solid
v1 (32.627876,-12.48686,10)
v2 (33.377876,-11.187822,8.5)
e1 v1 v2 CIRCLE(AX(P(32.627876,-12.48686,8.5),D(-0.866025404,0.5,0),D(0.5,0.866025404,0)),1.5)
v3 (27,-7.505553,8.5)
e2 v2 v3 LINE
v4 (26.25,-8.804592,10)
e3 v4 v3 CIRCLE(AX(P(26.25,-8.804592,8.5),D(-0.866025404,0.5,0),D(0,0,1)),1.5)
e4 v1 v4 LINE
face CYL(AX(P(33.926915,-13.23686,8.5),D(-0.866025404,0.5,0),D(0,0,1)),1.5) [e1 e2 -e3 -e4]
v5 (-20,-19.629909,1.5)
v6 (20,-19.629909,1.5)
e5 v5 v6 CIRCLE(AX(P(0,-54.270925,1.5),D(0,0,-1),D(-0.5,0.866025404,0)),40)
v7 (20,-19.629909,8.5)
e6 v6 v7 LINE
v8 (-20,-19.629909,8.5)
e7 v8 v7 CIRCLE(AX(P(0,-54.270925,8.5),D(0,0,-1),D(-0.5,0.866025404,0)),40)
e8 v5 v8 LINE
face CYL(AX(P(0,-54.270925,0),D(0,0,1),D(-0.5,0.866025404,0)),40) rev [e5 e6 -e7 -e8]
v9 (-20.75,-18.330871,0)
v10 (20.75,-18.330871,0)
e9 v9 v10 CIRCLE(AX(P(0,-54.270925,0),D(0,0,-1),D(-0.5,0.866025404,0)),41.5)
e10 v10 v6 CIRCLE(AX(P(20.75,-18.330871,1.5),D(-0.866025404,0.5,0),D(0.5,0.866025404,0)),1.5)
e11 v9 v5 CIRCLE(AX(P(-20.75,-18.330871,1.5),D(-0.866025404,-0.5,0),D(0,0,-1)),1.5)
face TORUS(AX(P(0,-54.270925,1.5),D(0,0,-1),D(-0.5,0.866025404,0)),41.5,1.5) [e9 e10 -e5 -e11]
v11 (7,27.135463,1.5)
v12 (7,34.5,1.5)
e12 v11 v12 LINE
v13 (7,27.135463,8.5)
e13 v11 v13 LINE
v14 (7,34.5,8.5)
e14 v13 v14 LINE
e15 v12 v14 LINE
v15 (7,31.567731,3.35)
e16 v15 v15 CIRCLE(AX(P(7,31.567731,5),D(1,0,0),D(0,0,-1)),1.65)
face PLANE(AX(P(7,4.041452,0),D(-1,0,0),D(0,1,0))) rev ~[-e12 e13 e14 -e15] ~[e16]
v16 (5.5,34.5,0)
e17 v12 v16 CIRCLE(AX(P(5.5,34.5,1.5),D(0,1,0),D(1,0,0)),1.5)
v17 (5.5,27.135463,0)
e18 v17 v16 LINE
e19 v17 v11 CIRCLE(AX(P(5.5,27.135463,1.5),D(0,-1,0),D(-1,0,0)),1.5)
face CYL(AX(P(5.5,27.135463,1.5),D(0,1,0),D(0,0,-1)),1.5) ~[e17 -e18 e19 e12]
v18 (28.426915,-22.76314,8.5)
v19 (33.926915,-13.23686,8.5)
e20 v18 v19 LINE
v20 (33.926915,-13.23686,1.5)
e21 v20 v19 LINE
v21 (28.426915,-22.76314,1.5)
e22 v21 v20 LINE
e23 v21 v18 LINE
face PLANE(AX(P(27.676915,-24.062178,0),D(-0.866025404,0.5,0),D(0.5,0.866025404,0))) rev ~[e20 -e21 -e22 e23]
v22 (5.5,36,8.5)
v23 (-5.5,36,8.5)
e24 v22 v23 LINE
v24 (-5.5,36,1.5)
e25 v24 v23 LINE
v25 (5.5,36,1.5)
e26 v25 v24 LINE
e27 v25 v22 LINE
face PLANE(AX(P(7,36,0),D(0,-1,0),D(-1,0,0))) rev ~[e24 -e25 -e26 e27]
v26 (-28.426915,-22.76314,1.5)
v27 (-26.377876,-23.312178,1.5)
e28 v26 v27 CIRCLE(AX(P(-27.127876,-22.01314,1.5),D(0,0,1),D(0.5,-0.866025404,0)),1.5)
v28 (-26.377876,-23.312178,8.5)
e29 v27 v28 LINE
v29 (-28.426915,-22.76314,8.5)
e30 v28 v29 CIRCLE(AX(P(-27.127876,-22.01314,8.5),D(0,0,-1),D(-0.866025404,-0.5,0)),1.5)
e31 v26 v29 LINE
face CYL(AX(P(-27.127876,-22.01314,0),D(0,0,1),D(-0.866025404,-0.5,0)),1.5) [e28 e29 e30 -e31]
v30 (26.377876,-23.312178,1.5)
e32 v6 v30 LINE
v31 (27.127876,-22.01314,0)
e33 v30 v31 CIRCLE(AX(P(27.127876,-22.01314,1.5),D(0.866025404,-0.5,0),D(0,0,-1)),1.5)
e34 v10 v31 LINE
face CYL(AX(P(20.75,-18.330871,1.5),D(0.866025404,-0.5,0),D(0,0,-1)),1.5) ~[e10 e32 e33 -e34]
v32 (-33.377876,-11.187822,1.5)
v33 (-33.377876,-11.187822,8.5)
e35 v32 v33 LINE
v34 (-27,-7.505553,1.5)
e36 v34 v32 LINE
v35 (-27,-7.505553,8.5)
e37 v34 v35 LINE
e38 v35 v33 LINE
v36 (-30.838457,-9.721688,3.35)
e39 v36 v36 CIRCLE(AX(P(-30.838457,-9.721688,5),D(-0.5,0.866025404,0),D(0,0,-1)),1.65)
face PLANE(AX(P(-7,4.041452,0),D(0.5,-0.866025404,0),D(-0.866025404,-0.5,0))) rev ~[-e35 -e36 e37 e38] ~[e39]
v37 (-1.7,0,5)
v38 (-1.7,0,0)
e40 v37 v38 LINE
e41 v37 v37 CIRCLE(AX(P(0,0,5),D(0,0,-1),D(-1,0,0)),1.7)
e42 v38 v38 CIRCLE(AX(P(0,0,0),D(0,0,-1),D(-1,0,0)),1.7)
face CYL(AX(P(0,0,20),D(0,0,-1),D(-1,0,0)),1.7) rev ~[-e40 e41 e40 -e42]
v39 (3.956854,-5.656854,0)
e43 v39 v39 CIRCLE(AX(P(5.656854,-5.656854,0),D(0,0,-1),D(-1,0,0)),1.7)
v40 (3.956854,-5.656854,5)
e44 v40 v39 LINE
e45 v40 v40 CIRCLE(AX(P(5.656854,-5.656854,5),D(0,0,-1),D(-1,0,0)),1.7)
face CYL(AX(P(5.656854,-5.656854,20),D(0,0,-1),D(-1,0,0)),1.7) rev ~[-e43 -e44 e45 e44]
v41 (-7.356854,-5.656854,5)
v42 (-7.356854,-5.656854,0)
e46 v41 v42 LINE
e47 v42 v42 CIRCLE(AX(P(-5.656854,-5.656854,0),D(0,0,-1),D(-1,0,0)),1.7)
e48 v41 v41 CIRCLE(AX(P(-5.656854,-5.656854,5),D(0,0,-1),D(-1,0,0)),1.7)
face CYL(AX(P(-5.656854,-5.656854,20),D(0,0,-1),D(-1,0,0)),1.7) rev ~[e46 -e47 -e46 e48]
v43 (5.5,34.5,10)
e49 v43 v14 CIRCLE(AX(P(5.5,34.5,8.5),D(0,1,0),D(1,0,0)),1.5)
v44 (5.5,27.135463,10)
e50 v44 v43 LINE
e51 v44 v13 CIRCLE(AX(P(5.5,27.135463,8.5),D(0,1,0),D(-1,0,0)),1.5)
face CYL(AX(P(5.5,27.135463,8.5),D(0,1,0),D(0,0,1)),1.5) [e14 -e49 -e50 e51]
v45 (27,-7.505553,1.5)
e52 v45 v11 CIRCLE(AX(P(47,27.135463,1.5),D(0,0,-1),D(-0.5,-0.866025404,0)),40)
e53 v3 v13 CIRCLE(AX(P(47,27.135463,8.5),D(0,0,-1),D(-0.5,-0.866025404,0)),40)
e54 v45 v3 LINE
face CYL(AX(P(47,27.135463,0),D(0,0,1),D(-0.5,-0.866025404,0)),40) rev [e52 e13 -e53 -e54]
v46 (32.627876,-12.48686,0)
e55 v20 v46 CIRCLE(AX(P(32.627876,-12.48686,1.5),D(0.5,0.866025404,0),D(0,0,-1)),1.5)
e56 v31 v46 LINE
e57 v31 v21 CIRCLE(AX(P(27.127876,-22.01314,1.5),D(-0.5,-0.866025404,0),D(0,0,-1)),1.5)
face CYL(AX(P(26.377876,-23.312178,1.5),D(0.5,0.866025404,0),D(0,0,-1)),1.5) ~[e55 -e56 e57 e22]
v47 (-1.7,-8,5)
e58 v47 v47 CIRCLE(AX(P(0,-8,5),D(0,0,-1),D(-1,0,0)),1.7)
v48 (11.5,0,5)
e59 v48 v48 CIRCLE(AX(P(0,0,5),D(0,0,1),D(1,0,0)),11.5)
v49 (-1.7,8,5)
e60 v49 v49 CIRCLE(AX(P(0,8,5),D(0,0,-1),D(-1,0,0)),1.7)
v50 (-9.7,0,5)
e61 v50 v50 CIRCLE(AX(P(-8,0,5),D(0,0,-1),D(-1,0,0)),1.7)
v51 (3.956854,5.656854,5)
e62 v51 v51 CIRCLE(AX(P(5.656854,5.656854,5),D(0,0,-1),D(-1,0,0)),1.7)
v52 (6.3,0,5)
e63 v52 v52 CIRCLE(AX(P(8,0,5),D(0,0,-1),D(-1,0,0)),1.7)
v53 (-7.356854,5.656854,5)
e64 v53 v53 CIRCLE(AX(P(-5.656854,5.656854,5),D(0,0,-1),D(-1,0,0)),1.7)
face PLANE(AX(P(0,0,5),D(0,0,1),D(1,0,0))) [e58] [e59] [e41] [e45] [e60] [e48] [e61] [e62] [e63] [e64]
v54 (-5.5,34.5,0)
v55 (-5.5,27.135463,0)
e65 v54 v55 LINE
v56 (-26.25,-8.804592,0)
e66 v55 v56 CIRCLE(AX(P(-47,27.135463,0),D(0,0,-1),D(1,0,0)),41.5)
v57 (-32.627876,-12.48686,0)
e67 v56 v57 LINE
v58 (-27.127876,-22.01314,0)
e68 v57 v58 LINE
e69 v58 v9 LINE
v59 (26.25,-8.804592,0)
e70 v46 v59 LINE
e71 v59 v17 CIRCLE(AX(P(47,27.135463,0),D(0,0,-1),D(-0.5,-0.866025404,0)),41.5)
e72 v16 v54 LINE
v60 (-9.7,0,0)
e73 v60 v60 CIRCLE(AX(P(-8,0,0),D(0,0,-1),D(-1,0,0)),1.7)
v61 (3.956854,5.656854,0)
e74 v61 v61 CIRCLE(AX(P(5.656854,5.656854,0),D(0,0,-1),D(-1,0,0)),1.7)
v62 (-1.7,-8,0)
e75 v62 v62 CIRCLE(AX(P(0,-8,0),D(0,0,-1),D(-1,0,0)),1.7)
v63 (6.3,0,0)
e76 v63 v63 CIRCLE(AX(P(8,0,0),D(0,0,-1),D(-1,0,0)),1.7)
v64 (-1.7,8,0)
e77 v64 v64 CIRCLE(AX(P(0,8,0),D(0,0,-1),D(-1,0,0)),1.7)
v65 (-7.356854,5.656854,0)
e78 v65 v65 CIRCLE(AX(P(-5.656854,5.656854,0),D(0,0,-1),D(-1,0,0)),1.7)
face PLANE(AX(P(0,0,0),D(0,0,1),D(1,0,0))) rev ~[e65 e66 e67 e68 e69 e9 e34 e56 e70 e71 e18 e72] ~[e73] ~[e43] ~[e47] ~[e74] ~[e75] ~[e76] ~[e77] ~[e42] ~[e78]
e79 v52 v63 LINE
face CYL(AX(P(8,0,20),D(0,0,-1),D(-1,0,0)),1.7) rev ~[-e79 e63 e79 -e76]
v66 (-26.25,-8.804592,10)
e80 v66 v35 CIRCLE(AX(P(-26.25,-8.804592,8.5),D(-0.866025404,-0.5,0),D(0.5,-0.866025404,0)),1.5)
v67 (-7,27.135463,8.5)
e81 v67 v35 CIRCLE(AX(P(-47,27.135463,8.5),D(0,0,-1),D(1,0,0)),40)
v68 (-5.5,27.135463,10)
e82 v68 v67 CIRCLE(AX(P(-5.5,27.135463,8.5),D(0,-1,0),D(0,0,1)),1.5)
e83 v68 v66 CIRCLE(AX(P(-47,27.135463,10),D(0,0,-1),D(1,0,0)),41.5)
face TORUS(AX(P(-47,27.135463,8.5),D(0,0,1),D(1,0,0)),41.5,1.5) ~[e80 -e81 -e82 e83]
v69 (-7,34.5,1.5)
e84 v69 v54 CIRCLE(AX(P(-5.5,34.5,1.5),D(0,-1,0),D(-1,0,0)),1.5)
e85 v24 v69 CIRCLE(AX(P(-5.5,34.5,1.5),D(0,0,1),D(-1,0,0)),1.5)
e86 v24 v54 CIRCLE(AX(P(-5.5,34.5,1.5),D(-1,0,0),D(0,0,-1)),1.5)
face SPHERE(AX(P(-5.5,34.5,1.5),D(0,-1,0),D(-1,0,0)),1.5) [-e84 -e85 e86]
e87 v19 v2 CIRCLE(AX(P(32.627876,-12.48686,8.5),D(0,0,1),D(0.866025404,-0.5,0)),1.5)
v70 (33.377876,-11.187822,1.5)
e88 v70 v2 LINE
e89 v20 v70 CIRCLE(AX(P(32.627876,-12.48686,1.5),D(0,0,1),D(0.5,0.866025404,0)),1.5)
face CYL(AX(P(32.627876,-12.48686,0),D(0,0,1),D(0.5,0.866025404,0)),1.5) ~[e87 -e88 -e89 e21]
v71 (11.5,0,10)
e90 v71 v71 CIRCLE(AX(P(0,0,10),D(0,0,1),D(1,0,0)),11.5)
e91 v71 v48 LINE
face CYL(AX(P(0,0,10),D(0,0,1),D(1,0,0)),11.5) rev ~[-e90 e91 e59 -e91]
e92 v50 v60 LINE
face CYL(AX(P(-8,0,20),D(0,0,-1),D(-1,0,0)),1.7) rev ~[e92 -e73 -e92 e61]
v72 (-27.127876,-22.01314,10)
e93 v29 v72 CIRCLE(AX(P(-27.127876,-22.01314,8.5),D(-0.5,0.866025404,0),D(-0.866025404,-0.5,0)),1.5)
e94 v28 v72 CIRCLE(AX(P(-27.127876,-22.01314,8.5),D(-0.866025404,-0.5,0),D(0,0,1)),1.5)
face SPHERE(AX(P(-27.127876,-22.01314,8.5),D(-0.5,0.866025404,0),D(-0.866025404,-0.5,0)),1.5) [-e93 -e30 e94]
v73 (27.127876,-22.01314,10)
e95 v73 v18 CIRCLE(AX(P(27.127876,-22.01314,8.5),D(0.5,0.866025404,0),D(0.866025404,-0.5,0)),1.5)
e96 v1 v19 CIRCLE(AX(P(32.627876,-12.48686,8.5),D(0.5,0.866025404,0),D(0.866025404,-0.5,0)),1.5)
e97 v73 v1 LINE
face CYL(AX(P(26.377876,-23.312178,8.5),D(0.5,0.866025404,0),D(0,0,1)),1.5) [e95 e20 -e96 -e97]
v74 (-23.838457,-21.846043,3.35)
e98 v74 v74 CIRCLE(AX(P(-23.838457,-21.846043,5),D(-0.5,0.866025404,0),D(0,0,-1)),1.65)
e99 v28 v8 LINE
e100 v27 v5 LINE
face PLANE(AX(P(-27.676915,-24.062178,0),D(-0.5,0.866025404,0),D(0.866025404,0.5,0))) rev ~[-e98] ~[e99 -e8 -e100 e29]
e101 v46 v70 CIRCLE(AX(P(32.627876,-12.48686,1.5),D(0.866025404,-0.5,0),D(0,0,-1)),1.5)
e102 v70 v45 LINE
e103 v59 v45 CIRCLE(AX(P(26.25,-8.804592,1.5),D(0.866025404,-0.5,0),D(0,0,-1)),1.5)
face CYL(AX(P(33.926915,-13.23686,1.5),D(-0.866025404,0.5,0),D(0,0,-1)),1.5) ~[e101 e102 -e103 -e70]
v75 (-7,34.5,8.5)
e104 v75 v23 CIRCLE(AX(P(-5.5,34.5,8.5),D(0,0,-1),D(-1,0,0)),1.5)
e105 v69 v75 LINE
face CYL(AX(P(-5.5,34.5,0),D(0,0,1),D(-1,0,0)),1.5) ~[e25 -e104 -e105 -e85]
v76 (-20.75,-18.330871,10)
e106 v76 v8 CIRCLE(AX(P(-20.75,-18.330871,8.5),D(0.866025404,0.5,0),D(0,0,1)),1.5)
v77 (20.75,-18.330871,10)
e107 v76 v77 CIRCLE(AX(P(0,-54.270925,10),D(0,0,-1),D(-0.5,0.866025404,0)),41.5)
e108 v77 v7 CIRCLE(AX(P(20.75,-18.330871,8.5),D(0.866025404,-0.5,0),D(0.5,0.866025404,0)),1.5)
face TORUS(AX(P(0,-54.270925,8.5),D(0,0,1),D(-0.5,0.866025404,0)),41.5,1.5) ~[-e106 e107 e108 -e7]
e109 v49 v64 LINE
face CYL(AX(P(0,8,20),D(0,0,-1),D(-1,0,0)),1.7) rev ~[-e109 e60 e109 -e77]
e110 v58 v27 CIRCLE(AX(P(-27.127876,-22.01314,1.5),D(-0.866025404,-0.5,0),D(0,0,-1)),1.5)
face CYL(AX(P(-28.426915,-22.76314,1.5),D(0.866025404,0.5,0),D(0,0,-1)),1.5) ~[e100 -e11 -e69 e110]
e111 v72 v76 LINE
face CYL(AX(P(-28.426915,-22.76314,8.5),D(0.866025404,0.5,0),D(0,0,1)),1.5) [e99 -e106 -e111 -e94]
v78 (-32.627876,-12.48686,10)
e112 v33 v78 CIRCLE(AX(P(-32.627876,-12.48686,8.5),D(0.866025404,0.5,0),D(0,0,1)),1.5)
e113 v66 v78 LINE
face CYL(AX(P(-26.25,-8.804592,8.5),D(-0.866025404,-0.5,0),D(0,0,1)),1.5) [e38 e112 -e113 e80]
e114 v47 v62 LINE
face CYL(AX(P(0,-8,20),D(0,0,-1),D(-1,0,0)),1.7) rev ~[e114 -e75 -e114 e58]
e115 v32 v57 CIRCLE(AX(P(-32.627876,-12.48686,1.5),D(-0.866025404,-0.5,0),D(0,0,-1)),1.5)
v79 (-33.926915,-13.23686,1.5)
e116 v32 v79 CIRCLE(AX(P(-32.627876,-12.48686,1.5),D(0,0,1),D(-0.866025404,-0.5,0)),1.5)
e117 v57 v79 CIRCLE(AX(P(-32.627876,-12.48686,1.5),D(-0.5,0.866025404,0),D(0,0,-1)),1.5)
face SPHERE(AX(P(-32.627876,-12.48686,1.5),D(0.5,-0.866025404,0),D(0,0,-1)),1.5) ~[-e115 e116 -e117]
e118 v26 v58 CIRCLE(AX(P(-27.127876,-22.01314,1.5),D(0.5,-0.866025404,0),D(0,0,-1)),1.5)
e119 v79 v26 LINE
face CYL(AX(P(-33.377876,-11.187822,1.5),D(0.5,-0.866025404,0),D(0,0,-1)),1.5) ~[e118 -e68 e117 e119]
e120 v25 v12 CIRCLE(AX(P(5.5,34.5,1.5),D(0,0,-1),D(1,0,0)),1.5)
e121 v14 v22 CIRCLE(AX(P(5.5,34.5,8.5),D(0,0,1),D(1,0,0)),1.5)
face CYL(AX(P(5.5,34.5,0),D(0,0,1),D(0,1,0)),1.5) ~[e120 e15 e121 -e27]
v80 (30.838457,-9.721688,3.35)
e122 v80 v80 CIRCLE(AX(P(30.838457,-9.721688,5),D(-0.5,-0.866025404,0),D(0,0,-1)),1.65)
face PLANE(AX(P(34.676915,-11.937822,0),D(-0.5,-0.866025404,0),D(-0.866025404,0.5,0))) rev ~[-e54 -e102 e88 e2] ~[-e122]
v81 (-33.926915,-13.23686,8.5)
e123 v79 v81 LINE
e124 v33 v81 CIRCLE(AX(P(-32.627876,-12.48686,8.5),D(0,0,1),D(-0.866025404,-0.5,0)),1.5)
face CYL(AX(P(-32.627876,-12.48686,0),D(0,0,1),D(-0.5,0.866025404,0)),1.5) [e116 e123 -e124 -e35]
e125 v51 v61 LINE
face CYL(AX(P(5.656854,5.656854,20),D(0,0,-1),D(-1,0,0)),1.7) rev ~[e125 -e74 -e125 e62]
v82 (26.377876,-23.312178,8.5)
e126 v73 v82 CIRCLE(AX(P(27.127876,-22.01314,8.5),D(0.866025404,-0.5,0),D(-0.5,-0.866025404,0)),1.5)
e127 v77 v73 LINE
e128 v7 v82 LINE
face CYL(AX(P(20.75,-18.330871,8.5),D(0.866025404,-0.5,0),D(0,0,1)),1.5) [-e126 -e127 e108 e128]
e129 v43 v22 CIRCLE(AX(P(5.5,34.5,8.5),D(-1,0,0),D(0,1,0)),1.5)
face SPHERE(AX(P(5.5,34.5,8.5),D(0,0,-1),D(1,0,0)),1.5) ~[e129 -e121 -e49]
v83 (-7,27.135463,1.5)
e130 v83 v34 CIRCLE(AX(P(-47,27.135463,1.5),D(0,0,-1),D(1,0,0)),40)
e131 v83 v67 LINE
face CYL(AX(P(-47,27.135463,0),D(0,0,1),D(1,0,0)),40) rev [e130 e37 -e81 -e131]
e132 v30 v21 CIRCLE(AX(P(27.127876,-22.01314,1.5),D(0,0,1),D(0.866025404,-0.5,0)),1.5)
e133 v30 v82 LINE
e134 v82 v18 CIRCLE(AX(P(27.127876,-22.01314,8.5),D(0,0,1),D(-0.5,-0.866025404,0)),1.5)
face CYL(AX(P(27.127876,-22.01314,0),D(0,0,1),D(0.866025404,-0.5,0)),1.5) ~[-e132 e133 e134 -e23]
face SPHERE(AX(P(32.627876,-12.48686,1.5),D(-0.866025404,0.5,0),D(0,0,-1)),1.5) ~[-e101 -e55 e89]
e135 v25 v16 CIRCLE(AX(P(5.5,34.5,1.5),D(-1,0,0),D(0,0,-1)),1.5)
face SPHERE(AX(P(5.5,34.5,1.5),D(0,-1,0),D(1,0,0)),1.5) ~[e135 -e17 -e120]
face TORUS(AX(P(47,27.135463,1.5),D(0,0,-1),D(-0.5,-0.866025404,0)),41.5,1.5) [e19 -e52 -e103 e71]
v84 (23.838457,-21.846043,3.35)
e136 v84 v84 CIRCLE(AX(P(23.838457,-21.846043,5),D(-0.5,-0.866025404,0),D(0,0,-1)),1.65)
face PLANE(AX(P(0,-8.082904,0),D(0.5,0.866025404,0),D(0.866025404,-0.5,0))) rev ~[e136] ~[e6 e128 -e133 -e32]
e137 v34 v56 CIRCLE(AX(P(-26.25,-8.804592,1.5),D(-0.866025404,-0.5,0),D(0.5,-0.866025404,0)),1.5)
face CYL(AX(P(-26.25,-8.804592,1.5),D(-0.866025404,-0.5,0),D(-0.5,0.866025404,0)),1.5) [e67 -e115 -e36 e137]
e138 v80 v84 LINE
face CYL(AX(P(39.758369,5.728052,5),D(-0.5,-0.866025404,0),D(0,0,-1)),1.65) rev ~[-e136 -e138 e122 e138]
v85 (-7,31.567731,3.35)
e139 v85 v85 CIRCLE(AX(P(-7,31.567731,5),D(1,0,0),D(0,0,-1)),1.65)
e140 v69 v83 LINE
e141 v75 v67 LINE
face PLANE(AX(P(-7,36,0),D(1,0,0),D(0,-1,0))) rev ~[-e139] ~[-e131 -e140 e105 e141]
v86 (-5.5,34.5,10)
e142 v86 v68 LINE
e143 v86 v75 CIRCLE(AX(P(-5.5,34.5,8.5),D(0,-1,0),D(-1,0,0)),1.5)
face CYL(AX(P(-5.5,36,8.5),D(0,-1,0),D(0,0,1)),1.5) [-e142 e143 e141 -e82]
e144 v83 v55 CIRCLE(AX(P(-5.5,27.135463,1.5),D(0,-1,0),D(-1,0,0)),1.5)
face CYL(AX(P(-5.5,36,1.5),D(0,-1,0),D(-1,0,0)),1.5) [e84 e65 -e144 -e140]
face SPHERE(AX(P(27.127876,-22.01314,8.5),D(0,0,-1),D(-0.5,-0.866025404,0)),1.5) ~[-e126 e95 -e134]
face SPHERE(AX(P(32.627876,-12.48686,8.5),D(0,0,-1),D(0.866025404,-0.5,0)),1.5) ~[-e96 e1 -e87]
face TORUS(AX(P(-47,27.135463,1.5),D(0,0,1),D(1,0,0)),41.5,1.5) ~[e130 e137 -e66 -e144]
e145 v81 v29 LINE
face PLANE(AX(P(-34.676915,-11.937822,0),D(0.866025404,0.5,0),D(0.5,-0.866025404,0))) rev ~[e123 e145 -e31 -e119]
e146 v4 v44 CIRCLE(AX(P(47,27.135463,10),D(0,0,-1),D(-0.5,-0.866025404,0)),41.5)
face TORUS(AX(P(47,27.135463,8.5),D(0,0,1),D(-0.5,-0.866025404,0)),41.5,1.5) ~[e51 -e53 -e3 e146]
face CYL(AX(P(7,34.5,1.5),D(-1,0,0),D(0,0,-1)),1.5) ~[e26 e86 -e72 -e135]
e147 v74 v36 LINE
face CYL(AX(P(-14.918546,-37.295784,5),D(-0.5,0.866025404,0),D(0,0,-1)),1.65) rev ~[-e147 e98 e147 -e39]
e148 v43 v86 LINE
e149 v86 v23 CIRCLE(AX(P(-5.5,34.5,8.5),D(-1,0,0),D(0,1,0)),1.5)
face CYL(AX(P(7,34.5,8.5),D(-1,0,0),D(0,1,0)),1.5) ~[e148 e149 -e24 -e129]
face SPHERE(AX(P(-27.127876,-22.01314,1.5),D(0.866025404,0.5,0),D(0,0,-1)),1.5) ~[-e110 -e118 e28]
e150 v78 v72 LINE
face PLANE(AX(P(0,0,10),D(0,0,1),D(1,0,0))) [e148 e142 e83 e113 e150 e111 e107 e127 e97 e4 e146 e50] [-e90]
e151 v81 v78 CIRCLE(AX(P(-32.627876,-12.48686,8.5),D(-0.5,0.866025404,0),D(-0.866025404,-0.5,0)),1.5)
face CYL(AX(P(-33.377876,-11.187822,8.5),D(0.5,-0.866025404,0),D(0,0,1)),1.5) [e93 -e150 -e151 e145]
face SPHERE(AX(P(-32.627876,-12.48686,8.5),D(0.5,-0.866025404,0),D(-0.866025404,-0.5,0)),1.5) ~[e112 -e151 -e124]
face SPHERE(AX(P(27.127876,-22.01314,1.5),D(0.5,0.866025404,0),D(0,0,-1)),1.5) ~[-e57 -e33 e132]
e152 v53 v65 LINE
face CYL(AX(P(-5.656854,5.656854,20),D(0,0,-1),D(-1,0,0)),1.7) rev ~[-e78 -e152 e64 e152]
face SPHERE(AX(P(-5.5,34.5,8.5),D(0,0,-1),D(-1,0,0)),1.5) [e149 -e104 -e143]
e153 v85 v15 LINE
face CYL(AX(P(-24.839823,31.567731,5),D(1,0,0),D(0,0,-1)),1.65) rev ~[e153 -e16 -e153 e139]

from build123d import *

# Parameters (mm, degrees)
BOSS_EXTRUDE1_DEPTH       = 10
FILLET1_R                 = 40
M4X0_7_TAPPED_HOLE1_D     = 3.3
M4X0_7_TAPPED_HOLE1_DEPTH = 17.839823294
M3_CLEARANCE_HOLE3_D      = 3.4
M3_CLEARANCE_HOLE3_DEPTH  = 10
SKETCH23_R                = 11.5
CUT_EXTRUDE3_DEPTH        = 5
CIRPATTERN2_COUNT         = 3
FILLET2_R                 = 1.5


with BuildPart() as part:
    # Sketch1 → Boss-Extrude1 (new body)
    with BuildSketch(Plane.XY):
        Polygon((7, 36), (-7, 36), (-7, 4.041451884), (-34.676914536, -11.937822174), (-27.676914536, -24.062177826), (0, -8.082903769), (27.676914536, -24.062177826), (34.676914536, -11.937822174), (7, 4.041451884), align=None)
    extrude(amount=BOSS_EXTRUDE1_DEPTH)

    # Fillet1
    fillet1_edges = [part.edges().sort_by_distance(p)[0] for p in [
        (7, 4.041451884, 5),
        (0, -8.082903769, 5),
        (-7, 4.041451884, 5),
    ]]
    fillet(fillet1_edges, radius=FILLET1_R)

    # M4x0.7 Tapped Hole1
    with Locations(Plane.ZY.offset(7)):
        with Locations((5, 31.567731326)):
            m4x0_7_tapped_hole1 = Hole(M4X0_7_TAPPED_HOLE1_D / 2, depth=M4X0_7_TAPPED_HOLE1_DEPTH)

    # M3 Clearance Hole3
    with Locations(Plane.XY.offset(10)):
        with Locations((0, 0), (0, 8), (5.656854249, 5.656854249), (8, 0), (5.656854249, -5.656854249), (0, -8), (-5.656854249, -5.656854249), (-8, 0), (-5.656854249, 5.656854249)):
            Hole(M3_CLEARANCE_HOLE3_D / 2, depth=M3_CLEARANCE_HOLE3_DEPTH)

    # Sketch23 → Cut-Extrude3 (cut)
    with BuildSketch(Plane.XY.offset(10)):
        Circle(SKETCH23_R)
    extrude(amount=-CUT_EXTRUDE3_DEPTH, mode=Mode.SUBTRACT)

    # CirPattern2: M4x0.7 Tapped Hole1 ×3 about axis
    cirpattern2_axis = Axis((0, 0, 5), (0, 0, 1))
    for i in range(1, CIRPATTERN2_COUNT):
        add(m4x0_7_tapped_hole1.rotate(cirpattern2_axis, i * 360 / CIRPATTERN2_COUNT), mode=Mode.SUBTRACT)

    # Fillet2
    fillet2_edges = [part.edges().sort_by_distance(p)[0] for p in [
        (30.838457268, -9.721687836, 0),
        (31.176914536, -18, 0),
        (-23.838457268, -21.846043489, 0),
        (-31.176914536, -18, 0),
        (-7, 31.567731326, 0),
        (-31.176914536, -18, 10),
        (-7, 36, 5),
        (7, 36, 5),
        (34.676914536, -11.937822174, 5),
        (27.676914536, -24.062177826, 5),
        (-27.676914536, -24.062177826, 5),
        (-34.676914536, -11.937822174, 5),
        (-23.838457268, -21.846043489, 10),
        (31.176914536, -18, 10),
        (23.838457268, -21.846043489, 0),
        (23.838457268, -21.846043489, 10),
        (30.838457268, -9.721687836, 10),
        (7, 31.567731326, 0),
        (7, 31.567731326, 10),
        (-30.838457268, -9.721687836, 0),
        (-30.838457268, -9.721687836, 10),
        (0, -14.270925304, 0),
        (0, -14.270925304, 10),
        (12.358983849, 7.135462652, 0),
        (12.358983849, 7.135462652, 10),
        (-12.358983849, 7.135462652, 0),
        (-12.358983849, 7.135462652, 10),
        (0, 36, 10),
        (-7, 31.567731326, 10),
        (0, 36, 0),
    ]]
    fillet(fillet2_edges, radius=FILLET2_R)


solid = part.part
